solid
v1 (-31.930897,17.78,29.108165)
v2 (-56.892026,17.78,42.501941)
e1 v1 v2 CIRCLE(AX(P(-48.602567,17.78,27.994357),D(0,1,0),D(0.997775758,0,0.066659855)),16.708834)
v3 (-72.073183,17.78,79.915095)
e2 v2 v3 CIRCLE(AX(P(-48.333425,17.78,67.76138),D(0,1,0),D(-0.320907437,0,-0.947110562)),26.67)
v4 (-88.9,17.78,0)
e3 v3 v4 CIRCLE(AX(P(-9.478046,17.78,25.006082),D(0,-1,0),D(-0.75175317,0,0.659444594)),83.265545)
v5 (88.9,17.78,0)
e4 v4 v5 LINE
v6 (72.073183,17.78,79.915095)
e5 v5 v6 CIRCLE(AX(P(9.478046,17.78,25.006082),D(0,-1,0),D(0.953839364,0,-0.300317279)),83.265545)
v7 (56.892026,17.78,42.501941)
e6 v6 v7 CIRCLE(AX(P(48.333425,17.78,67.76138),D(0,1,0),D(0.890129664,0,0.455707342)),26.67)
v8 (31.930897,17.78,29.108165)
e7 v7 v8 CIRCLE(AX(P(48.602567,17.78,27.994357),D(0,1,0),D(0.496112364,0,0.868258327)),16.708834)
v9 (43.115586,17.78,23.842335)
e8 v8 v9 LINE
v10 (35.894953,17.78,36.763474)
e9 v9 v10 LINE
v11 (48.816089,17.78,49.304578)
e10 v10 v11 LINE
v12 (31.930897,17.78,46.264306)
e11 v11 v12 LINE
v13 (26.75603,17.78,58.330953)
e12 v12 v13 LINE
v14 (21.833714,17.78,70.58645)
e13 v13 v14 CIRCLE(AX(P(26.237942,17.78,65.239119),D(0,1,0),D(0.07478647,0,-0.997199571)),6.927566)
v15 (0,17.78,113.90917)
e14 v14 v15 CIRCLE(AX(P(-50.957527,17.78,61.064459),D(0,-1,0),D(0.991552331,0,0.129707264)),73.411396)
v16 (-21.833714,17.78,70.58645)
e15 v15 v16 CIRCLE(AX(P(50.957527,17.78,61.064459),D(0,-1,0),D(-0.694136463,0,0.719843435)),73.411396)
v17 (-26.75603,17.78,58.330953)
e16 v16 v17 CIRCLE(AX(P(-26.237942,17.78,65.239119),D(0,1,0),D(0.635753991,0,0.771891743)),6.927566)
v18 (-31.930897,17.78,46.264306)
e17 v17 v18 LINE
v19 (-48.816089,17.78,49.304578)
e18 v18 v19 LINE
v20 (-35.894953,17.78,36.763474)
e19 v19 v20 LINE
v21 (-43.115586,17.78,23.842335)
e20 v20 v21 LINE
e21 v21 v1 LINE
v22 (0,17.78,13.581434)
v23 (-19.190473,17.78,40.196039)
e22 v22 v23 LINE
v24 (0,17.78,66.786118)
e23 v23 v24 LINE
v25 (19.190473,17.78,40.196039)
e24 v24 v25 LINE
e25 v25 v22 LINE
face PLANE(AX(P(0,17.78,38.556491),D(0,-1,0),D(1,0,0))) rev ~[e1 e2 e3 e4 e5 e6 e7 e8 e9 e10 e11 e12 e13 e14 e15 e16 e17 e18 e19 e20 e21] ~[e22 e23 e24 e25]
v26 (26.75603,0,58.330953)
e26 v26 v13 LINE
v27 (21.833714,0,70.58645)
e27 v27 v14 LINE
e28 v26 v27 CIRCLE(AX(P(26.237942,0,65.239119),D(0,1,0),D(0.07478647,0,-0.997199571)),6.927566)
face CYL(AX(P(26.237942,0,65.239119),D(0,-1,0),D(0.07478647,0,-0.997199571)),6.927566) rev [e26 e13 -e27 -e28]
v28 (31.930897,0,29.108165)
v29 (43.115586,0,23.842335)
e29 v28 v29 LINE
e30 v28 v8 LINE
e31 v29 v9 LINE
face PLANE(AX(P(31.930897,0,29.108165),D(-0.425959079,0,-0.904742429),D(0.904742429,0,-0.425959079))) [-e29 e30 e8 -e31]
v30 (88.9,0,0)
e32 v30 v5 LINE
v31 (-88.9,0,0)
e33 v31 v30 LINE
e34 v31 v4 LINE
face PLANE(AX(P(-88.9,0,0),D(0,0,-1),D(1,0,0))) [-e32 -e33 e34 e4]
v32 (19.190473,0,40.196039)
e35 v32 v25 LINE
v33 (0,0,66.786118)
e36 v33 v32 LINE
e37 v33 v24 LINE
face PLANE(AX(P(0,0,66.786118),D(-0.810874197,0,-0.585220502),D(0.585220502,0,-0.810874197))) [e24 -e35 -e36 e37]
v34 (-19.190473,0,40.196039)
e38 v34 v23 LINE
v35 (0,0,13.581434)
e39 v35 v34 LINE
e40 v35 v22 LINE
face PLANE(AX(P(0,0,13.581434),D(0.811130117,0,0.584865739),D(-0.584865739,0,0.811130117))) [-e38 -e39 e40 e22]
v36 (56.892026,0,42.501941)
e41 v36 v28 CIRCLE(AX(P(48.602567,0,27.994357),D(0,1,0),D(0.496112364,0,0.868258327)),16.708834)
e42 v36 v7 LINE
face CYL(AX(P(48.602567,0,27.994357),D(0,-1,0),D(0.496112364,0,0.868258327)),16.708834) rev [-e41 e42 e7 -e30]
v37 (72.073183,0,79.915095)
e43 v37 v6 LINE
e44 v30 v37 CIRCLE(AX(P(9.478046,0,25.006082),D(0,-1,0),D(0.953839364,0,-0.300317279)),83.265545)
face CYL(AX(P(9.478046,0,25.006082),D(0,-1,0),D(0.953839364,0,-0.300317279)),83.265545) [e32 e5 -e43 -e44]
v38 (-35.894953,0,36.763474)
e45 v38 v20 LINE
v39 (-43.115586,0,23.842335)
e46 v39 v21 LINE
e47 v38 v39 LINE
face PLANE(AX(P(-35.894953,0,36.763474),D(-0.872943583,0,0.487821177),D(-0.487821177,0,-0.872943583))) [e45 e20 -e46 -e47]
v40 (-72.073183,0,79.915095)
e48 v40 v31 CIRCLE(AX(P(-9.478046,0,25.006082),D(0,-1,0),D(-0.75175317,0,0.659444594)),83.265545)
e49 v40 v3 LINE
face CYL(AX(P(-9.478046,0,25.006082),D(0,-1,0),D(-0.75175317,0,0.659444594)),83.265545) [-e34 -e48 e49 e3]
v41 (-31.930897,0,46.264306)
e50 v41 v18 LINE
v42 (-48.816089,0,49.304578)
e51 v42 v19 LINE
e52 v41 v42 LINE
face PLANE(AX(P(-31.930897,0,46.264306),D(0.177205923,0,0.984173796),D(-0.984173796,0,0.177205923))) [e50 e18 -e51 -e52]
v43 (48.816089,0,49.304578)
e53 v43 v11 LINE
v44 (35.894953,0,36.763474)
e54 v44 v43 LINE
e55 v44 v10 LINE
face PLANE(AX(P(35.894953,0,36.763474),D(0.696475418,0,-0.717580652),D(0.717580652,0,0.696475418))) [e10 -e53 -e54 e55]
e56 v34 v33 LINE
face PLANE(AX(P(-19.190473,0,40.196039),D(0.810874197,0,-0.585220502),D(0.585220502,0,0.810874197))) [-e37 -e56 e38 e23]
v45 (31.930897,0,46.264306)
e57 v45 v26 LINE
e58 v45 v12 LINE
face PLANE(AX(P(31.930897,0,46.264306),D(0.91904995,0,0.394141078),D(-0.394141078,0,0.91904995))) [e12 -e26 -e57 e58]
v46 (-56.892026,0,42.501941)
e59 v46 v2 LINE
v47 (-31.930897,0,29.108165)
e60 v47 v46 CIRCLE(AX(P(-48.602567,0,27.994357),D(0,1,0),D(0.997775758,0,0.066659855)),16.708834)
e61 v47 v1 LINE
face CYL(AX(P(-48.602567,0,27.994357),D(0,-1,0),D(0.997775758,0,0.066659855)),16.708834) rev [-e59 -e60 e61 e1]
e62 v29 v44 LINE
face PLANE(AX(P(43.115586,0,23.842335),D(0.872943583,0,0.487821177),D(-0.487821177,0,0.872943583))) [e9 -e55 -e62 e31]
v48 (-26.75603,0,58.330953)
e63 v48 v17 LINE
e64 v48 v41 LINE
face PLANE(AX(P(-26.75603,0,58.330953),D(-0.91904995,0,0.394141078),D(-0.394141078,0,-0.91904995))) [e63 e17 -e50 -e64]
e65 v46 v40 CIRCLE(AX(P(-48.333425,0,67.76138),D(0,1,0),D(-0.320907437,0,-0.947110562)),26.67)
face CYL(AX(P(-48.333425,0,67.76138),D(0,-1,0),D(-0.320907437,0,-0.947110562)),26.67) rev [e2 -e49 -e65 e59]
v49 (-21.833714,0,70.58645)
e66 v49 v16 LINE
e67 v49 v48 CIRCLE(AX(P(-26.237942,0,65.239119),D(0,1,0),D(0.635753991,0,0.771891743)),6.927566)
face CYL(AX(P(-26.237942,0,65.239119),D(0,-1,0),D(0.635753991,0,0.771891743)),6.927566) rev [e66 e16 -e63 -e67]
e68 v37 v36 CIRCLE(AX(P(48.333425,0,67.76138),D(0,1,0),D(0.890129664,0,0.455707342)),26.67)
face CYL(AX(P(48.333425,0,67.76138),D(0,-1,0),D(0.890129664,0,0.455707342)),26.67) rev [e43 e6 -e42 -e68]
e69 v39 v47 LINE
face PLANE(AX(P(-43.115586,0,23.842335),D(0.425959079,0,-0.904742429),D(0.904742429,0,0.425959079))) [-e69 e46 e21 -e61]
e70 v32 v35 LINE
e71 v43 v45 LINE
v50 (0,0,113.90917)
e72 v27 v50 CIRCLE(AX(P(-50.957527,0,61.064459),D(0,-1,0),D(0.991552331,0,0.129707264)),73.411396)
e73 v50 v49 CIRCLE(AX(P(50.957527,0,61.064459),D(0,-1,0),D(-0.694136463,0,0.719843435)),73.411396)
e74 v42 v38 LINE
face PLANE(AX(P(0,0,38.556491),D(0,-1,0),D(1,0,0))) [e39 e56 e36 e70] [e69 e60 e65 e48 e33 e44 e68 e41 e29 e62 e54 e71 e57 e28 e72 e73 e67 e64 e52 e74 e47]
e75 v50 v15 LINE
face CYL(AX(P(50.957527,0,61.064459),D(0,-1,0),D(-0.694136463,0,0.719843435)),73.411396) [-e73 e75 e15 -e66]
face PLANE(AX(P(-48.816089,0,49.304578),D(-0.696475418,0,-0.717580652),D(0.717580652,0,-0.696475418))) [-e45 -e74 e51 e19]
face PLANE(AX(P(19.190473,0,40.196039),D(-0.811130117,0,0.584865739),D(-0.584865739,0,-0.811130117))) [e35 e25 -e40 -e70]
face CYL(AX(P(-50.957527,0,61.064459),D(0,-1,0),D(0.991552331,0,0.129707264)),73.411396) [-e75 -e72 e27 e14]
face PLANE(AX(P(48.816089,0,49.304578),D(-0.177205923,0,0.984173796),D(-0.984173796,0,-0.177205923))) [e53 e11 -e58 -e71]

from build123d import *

# Parameters (mm, degrees)
F1_DEPTH = 17.78


with BuildPart() as f1:
    # F0 (on Front) → F1 (new body)
    with BuildSketch(Plane.XZ):
        with BuildLine():
            Line((-88.9, 0), (0, 0))
            Line((0, 0), (88.9, 0))
            ThreePointArc((88.9, 0), (90.956995, 42.162182), (72.073183, 79.915095))
            ThreePointArc((72.073183, 79.915095), (73.046418, 57.733575), (56.892026, 42.501941))
            ThreePointArc((56.892026, 42.501941), (56.5028, 13.271196), (31.930897, 29.108165))
            Line((31.930897, 29.108165), (43.115586, 23.842335))
            Line((43.115586, 23.842335), (35.894953, 36.763474))
            Line((35.894953, 36.763474), (48.816089, 49.304578))
            Line((48.816089, 49.304578), (31.930897, 46.264306))
            Line((31.930897, 46.264306), (26.75603, 58.330953))
            ThreePointArc((26.75603, 58.330953), (19.809503, 62.657192), (21.833714, 70.58645))
            ThreePointArc((21.833714, 70.58645), (14.598967, 94.103514), (0, 113.90917))
            ThreePointArc((0, 113.90917), (-14.598967, 94.103514), (-21.833714, 70.58645))
            ThreePointArc((-21.833714, 70.58645), (-19.809503, 62.657192), (-26.75603, 58.330953))
            Line((-26.75603, 58.330953), (-31.930897, 46.264306))
            Line((-31.930897, 46.264306), (-48.816089, 49.304578))
            Line((-48.816089, 49.304578), (-35.894953, 36.763474))
            Line((-35.894953, 36.763474), (-43.115586, 23.842335))
            Line((-43.115586, 23.842335), (-31.930897, 29.108165))
            ThreePointArc((-31.930897, 29.108165), (-56.5028, 13.271196), (-56.892026, 42.501941))
            ThreePointArc((-56.892026, 42.501941), (-73.046418, 57.733575), (-72.073183, 79.915095))
            ThreePointArc((-72.073183, 79.915095), (-90.956995, 42.162182), (-88.9, 0))
        make_face()
        Polygon((-19.190473, 40.196039), (0, 66.786118), (19.190473, 40.196039), (0, 13.581434), align=None, mode=Mode.SUBTRACT)
    extrude(amount=-F1_DEPTH)


solid = f1.part
